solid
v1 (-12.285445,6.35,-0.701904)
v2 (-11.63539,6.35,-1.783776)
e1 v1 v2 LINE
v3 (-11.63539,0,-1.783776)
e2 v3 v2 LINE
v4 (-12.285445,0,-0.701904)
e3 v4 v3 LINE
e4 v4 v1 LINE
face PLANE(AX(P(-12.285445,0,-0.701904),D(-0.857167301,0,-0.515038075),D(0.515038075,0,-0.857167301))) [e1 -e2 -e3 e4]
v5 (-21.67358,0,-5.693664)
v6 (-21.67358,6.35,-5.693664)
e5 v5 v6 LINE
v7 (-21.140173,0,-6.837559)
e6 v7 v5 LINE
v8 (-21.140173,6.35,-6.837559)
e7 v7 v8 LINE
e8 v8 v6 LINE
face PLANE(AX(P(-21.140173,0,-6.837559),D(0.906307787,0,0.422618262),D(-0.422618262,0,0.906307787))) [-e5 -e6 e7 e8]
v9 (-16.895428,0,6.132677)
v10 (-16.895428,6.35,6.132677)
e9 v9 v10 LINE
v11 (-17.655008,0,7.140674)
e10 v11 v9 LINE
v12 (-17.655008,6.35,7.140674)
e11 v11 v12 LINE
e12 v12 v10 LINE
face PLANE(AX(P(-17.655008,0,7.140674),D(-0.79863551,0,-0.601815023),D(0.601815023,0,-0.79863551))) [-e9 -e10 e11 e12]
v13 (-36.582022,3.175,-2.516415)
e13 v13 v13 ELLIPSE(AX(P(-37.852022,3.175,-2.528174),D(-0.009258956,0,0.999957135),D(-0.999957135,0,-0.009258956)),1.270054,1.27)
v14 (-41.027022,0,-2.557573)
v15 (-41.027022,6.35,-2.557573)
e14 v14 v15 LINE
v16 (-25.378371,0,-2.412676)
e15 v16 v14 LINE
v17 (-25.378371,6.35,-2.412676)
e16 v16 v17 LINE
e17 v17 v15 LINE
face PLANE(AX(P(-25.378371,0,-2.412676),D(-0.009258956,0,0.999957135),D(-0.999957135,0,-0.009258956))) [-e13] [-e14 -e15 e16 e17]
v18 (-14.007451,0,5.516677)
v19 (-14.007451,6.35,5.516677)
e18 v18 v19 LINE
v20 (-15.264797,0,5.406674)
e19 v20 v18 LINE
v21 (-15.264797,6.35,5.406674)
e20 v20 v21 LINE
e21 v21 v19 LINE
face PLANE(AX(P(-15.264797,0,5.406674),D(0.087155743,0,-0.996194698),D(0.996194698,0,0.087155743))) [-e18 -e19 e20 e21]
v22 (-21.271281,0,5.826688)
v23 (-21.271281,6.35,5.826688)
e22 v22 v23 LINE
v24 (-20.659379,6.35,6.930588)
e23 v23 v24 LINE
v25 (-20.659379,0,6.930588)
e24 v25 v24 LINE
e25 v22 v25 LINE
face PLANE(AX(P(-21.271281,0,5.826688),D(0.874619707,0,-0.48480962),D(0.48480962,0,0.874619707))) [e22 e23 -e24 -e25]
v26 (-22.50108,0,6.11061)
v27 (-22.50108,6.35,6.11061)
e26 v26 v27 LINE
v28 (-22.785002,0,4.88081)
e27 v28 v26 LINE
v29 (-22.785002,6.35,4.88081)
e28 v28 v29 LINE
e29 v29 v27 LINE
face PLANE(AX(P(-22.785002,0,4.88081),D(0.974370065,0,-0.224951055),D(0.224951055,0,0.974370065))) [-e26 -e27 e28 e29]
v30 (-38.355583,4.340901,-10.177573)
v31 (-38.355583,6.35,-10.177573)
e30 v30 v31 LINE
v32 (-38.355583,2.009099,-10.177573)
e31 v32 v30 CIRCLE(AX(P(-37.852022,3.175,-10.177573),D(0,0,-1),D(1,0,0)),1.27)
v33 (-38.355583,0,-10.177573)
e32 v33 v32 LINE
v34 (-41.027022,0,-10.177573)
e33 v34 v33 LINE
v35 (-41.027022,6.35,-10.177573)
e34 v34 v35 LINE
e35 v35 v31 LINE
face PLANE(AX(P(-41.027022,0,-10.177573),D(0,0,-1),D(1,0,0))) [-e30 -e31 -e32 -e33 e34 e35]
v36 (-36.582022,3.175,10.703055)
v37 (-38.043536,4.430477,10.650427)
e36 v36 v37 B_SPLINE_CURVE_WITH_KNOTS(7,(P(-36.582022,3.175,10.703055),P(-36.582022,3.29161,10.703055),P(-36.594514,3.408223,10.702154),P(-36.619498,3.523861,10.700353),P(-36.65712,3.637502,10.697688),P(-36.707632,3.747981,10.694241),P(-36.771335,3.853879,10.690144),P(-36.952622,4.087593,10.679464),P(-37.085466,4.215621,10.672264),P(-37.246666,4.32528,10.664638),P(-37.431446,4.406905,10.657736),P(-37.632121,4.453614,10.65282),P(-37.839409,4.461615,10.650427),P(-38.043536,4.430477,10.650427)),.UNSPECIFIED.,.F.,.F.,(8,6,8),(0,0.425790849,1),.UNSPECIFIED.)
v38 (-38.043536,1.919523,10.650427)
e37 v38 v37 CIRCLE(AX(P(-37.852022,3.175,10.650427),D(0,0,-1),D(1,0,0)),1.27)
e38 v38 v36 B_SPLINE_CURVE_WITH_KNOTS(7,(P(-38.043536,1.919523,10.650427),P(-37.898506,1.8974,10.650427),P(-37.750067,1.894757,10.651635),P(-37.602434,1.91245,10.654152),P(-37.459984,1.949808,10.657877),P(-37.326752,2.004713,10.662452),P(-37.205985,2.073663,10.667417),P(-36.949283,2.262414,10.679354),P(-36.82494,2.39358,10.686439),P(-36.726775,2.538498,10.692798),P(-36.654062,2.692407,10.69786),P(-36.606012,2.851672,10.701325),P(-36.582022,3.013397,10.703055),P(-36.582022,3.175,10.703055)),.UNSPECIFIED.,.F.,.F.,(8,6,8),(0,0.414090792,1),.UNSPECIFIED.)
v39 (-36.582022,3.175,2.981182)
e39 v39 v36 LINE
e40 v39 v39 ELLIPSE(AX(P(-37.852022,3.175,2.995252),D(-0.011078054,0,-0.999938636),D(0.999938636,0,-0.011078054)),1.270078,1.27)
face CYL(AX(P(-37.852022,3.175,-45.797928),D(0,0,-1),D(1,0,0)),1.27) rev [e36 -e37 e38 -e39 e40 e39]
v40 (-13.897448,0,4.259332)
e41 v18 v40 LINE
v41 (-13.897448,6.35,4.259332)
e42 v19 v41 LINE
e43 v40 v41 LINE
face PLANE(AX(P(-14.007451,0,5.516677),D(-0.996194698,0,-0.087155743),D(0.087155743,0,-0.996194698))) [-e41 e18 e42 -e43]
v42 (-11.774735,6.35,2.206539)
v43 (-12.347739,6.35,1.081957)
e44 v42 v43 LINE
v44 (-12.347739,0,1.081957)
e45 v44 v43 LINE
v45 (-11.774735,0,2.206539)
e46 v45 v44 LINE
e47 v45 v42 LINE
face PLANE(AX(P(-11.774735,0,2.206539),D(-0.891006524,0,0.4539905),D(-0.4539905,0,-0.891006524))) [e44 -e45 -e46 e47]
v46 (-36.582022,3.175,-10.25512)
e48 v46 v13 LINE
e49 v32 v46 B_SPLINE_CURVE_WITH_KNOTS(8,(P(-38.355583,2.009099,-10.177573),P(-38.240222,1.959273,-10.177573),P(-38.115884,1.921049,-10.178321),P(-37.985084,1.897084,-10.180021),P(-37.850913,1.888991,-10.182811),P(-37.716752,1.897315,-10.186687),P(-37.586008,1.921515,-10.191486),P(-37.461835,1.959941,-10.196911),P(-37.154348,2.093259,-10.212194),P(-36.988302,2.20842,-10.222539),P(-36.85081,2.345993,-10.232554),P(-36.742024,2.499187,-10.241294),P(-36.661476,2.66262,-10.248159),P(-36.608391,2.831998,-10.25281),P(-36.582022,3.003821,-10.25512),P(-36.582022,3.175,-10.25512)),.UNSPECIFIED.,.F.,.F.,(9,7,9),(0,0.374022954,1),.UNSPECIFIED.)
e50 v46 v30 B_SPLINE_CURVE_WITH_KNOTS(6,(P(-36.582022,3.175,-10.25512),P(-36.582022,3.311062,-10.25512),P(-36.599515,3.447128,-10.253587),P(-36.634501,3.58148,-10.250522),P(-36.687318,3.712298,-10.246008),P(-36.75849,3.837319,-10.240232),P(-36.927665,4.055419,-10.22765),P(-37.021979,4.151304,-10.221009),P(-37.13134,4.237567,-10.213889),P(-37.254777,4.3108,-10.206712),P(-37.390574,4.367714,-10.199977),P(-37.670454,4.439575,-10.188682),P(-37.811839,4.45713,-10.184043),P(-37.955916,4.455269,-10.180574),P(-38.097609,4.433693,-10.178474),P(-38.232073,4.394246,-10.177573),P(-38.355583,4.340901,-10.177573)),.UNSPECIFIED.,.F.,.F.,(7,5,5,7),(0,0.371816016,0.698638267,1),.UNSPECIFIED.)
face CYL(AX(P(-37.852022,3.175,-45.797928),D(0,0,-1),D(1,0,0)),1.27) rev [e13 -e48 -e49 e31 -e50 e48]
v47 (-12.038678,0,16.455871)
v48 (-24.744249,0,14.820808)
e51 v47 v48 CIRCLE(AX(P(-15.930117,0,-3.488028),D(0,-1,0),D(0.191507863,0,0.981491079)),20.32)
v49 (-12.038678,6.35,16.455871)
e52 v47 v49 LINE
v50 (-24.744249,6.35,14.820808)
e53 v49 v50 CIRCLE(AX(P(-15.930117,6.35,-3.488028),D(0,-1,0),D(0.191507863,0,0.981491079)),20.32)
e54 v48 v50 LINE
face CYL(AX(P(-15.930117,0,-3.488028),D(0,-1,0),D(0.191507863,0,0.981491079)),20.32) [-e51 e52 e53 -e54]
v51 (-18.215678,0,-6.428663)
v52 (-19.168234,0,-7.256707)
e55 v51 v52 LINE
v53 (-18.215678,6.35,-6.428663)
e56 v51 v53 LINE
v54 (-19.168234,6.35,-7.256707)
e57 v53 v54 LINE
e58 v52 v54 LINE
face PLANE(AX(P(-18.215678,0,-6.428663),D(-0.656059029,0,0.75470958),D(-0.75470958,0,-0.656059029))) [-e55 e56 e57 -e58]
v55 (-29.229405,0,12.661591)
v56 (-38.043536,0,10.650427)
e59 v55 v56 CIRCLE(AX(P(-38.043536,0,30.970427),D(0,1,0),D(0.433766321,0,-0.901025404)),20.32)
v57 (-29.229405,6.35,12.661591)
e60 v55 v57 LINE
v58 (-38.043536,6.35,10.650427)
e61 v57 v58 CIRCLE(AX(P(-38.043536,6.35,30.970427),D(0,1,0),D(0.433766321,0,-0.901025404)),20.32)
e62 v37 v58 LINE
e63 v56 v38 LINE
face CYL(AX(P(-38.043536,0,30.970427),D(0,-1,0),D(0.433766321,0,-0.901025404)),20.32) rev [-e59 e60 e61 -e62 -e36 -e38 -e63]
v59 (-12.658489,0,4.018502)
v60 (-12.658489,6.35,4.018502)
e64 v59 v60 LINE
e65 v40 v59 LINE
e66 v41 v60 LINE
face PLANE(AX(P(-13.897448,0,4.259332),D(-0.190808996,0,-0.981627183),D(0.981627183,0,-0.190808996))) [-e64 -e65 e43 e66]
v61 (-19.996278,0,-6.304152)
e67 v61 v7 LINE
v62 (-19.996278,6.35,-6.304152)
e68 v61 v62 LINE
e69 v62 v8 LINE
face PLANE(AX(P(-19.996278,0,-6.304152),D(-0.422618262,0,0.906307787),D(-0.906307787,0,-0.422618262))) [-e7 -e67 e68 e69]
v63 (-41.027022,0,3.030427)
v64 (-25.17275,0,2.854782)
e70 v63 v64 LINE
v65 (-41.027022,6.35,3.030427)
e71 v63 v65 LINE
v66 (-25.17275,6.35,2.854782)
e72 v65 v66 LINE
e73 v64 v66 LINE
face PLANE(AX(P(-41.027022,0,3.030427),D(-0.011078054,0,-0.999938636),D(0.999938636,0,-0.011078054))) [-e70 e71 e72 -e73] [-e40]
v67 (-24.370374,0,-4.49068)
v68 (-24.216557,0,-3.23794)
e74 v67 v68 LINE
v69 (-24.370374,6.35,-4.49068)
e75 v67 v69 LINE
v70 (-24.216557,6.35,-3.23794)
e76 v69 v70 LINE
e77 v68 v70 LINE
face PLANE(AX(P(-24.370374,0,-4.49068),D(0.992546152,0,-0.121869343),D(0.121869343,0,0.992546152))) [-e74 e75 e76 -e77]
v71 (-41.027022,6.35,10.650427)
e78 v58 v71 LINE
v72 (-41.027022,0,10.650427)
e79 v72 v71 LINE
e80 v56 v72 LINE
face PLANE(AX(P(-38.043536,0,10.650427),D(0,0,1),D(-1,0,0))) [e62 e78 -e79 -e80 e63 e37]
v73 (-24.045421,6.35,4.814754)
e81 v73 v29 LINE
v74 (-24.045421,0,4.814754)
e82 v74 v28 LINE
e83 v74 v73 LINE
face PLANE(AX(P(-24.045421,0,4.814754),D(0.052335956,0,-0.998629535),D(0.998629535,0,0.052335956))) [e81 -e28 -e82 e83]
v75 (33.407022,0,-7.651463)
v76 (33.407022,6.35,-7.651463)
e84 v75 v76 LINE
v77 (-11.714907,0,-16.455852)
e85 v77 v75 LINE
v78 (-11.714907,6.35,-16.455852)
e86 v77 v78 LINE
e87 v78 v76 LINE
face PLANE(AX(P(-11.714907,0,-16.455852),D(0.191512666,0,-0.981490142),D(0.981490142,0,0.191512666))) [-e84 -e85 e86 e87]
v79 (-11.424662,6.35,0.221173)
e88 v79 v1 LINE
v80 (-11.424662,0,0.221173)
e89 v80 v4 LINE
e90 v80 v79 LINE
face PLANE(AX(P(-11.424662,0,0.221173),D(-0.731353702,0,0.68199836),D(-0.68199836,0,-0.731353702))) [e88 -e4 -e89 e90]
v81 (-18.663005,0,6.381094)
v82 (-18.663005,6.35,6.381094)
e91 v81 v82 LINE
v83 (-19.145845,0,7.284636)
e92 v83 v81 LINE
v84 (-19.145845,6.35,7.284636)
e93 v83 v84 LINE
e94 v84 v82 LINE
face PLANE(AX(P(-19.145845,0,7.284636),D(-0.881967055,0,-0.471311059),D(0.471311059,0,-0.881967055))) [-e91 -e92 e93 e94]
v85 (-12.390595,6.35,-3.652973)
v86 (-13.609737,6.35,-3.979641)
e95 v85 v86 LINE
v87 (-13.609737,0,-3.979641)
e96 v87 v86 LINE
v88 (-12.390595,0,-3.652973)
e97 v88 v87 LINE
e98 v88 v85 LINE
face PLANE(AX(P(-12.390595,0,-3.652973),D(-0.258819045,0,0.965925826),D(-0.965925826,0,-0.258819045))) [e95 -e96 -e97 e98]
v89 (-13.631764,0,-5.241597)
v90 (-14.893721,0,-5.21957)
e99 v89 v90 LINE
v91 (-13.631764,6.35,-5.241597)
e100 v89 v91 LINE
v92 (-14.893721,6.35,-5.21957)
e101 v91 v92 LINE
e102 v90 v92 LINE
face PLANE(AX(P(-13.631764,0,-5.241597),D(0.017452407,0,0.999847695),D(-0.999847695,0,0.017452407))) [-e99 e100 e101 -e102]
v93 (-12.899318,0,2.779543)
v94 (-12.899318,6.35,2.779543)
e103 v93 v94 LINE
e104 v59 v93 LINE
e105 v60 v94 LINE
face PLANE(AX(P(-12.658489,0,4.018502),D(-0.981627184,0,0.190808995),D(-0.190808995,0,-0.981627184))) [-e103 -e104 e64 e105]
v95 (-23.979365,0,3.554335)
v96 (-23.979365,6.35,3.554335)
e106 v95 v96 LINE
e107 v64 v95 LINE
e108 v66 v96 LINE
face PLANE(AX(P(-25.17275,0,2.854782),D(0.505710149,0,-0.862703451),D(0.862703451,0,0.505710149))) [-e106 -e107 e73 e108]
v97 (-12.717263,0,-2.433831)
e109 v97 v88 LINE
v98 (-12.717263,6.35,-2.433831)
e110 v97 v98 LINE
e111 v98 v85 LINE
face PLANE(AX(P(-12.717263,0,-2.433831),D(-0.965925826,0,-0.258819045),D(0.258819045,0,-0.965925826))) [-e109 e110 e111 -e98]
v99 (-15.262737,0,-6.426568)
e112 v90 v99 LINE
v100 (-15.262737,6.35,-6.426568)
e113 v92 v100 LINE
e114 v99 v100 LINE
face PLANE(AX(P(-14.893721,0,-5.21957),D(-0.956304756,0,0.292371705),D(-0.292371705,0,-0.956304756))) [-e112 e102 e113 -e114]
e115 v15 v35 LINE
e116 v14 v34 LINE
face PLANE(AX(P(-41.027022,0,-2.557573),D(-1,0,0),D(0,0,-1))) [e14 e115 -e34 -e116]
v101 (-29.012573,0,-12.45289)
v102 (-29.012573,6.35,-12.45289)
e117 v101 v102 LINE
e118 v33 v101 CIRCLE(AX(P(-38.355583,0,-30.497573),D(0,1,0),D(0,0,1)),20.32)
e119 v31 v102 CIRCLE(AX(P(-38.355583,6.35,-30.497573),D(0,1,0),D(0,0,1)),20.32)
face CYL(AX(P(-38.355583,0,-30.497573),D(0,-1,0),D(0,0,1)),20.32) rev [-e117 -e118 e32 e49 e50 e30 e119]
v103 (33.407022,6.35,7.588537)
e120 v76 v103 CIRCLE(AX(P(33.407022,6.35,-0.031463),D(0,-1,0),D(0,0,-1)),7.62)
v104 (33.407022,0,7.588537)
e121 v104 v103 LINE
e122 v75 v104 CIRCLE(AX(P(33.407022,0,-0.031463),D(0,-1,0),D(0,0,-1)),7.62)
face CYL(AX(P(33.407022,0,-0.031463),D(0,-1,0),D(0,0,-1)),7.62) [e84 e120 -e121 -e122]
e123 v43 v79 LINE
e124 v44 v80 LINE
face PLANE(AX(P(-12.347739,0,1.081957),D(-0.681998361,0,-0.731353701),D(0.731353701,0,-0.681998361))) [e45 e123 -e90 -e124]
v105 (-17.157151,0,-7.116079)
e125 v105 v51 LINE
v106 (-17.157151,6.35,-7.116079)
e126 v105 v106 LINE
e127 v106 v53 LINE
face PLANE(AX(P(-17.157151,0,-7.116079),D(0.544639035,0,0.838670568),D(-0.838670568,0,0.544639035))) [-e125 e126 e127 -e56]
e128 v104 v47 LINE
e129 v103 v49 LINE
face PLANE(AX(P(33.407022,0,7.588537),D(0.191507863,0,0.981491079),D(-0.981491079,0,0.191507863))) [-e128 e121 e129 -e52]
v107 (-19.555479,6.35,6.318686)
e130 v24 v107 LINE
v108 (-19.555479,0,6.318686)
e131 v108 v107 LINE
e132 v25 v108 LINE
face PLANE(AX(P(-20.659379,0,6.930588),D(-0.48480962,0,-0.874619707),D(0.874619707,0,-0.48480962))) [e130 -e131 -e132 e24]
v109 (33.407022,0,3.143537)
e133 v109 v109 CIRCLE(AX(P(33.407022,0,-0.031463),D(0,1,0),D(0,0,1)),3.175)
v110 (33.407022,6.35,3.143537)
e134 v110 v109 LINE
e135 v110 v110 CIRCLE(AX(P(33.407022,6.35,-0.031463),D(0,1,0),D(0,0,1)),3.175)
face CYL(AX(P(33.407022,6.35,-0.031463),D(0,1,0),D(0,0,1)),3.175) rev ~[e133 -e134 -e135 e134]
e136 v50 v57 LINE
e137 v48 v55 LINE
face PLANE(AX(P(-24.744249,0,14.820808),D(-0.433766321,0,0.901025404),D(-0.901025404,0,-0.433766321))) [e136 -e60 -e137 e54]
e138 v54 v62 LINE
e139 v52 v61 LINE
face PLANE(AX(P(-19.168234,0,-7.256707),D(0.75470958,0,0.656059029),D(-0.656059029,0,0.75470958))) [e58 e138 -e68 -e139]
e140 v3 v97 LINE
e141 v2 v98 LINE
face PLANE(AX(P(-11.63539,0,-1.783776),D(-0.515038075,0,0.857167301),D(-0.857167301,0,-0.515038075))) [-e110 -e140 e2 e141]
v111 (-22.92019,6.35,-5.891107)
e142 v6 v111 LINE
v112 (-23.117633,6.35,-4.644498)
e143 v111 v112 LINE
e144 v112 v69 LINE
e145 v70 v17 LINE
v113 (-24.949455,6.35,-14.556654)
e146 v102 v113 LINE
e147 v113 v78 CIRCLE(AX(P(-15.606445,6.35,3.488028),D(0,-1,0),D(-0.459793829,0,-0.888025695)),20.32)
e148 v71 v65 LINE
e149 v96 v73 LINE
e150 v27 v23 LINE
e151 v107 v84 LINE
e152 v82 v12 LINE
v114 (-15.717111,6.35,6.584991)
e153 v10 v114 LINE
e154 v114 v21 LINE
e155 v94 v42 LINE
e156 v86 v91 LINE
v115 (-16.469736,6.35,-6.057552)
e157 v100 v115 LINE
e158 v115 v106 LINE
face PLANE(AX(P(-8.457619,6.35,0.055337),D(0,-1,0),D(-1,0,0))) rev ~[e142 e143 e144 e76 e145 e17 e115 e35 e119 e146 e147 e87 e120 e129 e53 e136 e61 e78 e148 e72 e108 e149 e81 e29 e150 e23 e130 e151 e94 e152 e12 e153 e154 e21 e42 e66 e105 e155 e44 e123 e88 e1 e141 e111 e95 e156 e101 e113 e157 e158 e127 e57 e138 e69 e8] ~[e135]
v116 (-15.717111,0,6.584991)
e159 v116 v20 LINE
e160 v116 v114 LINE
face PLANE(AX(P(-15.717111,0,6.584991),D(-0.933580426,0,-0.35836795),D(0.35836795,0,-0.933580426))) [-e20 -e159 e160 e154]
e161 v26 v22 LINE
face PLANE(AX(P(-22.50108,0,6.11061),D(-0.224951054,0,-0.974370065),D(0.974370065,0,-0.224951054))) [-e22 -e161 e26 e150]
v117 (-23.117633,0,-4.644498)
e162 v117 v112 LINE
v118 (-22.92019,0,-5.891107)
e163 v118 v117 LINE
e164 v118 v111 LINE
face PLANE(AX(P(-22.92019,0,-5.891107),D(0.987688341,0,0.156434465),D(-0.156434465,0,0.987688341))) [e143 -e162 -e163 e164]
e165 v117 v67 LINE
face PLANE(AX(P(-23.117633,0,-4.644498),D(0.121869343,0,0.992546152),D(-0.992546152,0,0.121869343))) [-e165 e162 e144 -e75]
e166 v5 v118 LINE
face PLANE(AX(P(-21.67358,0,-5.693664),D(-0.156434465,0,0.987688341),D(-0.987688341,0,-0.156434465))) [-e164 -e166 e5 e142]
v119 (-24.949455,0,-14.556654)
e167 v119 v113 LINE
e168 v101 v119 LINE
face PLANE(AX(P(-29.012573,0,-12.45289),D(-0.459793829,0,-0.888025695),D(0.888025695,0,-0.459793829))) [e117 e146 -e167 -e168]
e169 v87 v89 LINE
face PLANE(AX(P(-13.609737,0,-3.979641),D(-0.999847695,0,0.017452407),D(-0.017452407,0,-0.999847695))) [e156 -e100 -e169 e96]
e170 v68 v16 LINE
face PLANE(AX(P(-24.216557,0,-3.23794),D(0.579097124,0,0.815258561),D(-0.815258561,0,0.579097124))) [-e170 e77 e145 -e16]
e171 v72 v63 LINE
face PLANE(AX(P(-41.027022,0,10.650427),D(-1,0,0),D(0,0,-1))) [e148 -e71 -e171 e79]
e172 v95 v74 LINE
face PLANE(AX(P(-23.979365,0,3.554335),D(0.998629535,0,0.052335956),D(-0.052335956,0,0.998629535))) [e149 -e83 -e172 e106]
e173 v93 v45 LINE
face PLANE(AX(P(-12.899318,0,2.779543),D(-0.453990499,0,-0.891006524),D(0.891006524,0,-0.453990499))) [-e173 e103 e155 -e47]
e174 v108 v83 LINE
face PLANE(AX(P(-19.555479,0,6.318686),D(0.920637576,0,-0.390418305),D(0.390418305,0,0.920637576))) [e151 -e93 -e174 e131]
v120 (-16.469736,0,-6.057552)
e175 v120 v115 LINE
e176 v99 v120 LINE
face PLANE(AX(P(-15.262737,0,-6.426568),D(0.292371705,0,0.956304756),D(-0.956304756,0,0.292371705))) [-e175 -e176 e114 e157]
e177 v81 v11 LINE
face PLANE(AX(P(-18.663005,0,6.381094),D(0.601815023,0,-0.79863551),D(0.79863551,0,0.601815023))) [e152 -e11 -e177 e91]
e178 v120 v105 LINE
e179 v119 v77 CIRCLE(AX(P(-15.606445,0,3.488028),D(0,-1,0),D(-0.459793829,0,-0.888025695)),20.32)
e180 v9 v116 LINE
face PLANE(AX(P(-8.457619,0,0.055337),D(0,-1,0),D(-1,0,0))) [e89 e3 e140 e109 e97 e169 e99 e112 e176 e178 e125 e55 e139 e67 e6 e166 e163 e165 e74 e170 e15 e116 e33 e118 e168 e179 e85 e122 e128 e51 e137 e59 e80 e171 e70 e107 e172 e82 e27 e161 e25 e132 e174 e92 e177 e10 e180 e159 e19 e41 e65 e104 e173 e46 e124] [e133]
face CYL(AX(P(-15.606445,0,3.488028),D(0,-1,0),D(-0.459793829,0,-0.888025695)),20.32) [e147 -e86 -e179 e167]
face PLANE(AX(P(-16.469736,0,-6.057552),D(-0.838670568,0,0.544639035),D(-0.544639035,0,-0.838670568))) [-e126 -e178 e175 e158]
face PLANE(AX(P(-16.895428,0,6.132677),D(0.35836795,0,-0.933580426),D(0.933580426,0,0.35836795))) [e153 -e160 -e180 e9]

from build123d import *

# Parameters (mm, degrees)
BOSS_EXTRUDE1_DEPTH     = 6.35
CUT_EXTRUDE1_REACH      = 46.798
SKETCH2_R               = 3.175
CUT_EXTRUDE2_DEPTH      = 45.797927572
CUT_EXTRUDE2_DEPTH_BACK = 45.797927572
SKETCH3_R               = 1.27


with BuildPart() as part:
    # Sketch1 → Boss-Extrude1 (new body)
    with BuildSketch(Plane(origin=(0, 0, 0), x_dir=(1, 0, 0), z_dir=(0, 1, 0))):
        with BuildLine():
            Line((-25.172750094, -2.854782141), (-23.979365131, -3.554335257))
            Line((-23.979365131, -3.554335257), (-24.045420885, -4.814754144))
            Line((-24.045420885, -4.814754144), (-22.785001999, -4.880809899))
            Line((-22.785001999, -4.880809899), (-22.501080336, -6.110609729))
            Line((-22.501080336, -6.110609729), (-21.271280506, -5.826688067))
            Line((-21.271280506, -5.826688067), (-20.659378714, -6.930588121))
            Line((-20.659378714, -6.930588121), (-19.555478659, -6.318686329))
            Line((-19.555478659, -6.318686329), (-19.145844879, -7.284635532))
            Line((-19.145844879, -7.284635532), (-18.663004813, -6.38109418))
            Line((-18.663004813, -6.38109418), (-17.655008108, -7.140674179))
            Line((-17.655008108, -7.140674179), (-16.895428108, -6.132677474))
            Line((-16.895428108, -6.132677474), (-15.717110864, -6.584991086))
            Line((-15.717110864, -6.584991086), (-15.264797252, -5.406673842))
            Line((-15.264797252, -5.406673842), (-14.00745149, -5.516677342))
            Line((-14.00745149, -5.516677342), (-13.89744799, -4.259331581))
            Line((-13.89744799, -4.259331581), (-12.658488598, -4.018502271))
            Line((-12.658488598, -4.018502271), (-12.899317907, -2.779542878))
            Line((-12.899317907, -2.779542878), (-11.774735254, -2.206539397))
            Line((-11.774735254, -2.206539397), (-12.347738736, -1.081956744))
            Line((-12.347738736, -1.081956744), (-11.424661673, -0.221173456))
            Line((-11.424661673, -0.221173456), (-12.28544496, 0.701903607))
            Line((-12.28544496, 0.701903607), (-11.635390366, 1.783776131))
            Line((-11.635390366, 1.783776131), (-12.717262889, 2.433830725))
            Line((-12.717262889, 2.433830725), (-12.390594789, 3.652972671))
            Line((-12.390594789, 3.652972671), (-13.609736736, 3.979640771))
            Line((-13.609736736, 3.979640771), (-13.631764267, 5.241597158))
            Line((-13.631764267, 5.241597158), (-14.893720653, 5.219569627))
            Line((-14.893720653, 5.219569627), (-15.262737196, 6.426568353))
            Line((-15.262737196, 6.426568353), (-16.469735922, 6.05755181))
            Line((-16.469735922, 6.05755181), (-17.157151327, 7.116078708))
            Line((-17.157151327, 7.116078708), (-18.215678225, 6.428663303))
            Line((-18.215678225, 6.428663303), (-19.168233878, 7.256707299))
            Line((-19.168233878, 7.256707299), (-19.996277875, 6.304151646))
            Line((-19.996277875, 6.304151646), (-21.140172995, 6.837558701))
            Line((-21.140172995, 6.837558701), (-21.67358005, 5.69366358))
            Line((-21.67358005, 5.69366358), (-22.920189524, 5.891107124))
            Line((-22.920189524, 5.891107124), (-23.117633068, 4.64449765))
            Line((-23.117633068, 4.64449765), (-24.370373821, 4.490680427))
            Line((-24.370373821, 4.490680427), (-24.216556598, 3.237939674))
            Line((-24.216556598, 3.237939674), (-25.378370526, 2.412676209))
            Line((-25.378370526, 2.412676209), (-41.02702196, 2.557572596))
            Line((-41.02702196, 2.557572596), (-41.02702196, 10.177572596))
            Line((-41.02702196, 10.177572596), (-38.355583111, 10.177572596))
            ThreePointArc((-38.355583111, 10.177572596), (-33.547545085, 10.754594848), (-29.012572504, 12.452890476))
            Line((-29.012572504, 12.452890476), (-24.949455261, 14.556654192))
            ThreePointArc((-24.949455261, 14.556654192), (-18.492857296, 16.625923003), (-11.714907277, 16.455851756))
            Line((-11.714907277, 16.455851756), (33.40702196, 7.651462795))
            ThreePointArc((33.40702196, 7.651462795), (41.02702196, 0.031462795), (33.40702196, -7.588537205))
            Line((33.40702196, -7.588537205), (-12.038677684, -16.4558708))
            ThreePointArc((-12.038677684, -16.4558708), (-18.523682802, -16.66577615), (-24.744249109, -14.820808279))
            Line((-24.744249109, -14.820808279), (-29.229404705, -12.661591197))
            ThreePointArc((-29.229404705, -12.661591197), (-33.523201838, -11.159597642), (-38.043536354, -10.650427404))
            Line((-38.043536354, -10.650427404), (-41.02702196, -10.650427404))
            Line((-41.02702196, -10.650427404), (-41.02702196, -3.030427404))
            Line((-41.02702196, -3.030427404), (-25.172750094, -2.854782141))
        make_face()
    extrude(amount=BOSS_EXTRUDE1_DEPTH)

    # Sketch2 → Cut-Extrude1 (cut, up to next)
    with BuildSketch(Plane(origin=(0, 6.35, 0), x_dir=(1, 0, 0), z_dir=(0, 1, 0)), mode=Mode.PRIVATE) as cut_extrude1_sk1:
        with Locations(Location((33.40702196, 0.031462795, 0), (0, 0, 270))):
            Circle(SKETCH2_R)
    cut_extrude1_tool1 = extrude(cut_extrude1_sk1.sketch, amount=-CUT_EXTRUDE1_REACH, mode=Mode.PRIVATE) & part.part
    add(cut_extrude1_tool1.solids().sort_by_distance((33.407022, 6.35, -0.031463))[0], mode=Mode.SUBTRACT)

    # Sketch3 → Cut-Extrude2 (cut, two sides: drawn at the far end of the back side and taken through both)
    with BuildSketch(Plane.XY.offset(-CUT_EXTRUDE2_DEPTH_BACK)):
        with Locations((-37.85202196, 3.175)):
            Circle(SKETCH3_R)
    extrude(amount=CUT_EXTRUDE2_DEPTH + CUT_EXTRUDE2_DEPTH_BACK, mode=Mode.SUBTRACT)


solid = part.part
